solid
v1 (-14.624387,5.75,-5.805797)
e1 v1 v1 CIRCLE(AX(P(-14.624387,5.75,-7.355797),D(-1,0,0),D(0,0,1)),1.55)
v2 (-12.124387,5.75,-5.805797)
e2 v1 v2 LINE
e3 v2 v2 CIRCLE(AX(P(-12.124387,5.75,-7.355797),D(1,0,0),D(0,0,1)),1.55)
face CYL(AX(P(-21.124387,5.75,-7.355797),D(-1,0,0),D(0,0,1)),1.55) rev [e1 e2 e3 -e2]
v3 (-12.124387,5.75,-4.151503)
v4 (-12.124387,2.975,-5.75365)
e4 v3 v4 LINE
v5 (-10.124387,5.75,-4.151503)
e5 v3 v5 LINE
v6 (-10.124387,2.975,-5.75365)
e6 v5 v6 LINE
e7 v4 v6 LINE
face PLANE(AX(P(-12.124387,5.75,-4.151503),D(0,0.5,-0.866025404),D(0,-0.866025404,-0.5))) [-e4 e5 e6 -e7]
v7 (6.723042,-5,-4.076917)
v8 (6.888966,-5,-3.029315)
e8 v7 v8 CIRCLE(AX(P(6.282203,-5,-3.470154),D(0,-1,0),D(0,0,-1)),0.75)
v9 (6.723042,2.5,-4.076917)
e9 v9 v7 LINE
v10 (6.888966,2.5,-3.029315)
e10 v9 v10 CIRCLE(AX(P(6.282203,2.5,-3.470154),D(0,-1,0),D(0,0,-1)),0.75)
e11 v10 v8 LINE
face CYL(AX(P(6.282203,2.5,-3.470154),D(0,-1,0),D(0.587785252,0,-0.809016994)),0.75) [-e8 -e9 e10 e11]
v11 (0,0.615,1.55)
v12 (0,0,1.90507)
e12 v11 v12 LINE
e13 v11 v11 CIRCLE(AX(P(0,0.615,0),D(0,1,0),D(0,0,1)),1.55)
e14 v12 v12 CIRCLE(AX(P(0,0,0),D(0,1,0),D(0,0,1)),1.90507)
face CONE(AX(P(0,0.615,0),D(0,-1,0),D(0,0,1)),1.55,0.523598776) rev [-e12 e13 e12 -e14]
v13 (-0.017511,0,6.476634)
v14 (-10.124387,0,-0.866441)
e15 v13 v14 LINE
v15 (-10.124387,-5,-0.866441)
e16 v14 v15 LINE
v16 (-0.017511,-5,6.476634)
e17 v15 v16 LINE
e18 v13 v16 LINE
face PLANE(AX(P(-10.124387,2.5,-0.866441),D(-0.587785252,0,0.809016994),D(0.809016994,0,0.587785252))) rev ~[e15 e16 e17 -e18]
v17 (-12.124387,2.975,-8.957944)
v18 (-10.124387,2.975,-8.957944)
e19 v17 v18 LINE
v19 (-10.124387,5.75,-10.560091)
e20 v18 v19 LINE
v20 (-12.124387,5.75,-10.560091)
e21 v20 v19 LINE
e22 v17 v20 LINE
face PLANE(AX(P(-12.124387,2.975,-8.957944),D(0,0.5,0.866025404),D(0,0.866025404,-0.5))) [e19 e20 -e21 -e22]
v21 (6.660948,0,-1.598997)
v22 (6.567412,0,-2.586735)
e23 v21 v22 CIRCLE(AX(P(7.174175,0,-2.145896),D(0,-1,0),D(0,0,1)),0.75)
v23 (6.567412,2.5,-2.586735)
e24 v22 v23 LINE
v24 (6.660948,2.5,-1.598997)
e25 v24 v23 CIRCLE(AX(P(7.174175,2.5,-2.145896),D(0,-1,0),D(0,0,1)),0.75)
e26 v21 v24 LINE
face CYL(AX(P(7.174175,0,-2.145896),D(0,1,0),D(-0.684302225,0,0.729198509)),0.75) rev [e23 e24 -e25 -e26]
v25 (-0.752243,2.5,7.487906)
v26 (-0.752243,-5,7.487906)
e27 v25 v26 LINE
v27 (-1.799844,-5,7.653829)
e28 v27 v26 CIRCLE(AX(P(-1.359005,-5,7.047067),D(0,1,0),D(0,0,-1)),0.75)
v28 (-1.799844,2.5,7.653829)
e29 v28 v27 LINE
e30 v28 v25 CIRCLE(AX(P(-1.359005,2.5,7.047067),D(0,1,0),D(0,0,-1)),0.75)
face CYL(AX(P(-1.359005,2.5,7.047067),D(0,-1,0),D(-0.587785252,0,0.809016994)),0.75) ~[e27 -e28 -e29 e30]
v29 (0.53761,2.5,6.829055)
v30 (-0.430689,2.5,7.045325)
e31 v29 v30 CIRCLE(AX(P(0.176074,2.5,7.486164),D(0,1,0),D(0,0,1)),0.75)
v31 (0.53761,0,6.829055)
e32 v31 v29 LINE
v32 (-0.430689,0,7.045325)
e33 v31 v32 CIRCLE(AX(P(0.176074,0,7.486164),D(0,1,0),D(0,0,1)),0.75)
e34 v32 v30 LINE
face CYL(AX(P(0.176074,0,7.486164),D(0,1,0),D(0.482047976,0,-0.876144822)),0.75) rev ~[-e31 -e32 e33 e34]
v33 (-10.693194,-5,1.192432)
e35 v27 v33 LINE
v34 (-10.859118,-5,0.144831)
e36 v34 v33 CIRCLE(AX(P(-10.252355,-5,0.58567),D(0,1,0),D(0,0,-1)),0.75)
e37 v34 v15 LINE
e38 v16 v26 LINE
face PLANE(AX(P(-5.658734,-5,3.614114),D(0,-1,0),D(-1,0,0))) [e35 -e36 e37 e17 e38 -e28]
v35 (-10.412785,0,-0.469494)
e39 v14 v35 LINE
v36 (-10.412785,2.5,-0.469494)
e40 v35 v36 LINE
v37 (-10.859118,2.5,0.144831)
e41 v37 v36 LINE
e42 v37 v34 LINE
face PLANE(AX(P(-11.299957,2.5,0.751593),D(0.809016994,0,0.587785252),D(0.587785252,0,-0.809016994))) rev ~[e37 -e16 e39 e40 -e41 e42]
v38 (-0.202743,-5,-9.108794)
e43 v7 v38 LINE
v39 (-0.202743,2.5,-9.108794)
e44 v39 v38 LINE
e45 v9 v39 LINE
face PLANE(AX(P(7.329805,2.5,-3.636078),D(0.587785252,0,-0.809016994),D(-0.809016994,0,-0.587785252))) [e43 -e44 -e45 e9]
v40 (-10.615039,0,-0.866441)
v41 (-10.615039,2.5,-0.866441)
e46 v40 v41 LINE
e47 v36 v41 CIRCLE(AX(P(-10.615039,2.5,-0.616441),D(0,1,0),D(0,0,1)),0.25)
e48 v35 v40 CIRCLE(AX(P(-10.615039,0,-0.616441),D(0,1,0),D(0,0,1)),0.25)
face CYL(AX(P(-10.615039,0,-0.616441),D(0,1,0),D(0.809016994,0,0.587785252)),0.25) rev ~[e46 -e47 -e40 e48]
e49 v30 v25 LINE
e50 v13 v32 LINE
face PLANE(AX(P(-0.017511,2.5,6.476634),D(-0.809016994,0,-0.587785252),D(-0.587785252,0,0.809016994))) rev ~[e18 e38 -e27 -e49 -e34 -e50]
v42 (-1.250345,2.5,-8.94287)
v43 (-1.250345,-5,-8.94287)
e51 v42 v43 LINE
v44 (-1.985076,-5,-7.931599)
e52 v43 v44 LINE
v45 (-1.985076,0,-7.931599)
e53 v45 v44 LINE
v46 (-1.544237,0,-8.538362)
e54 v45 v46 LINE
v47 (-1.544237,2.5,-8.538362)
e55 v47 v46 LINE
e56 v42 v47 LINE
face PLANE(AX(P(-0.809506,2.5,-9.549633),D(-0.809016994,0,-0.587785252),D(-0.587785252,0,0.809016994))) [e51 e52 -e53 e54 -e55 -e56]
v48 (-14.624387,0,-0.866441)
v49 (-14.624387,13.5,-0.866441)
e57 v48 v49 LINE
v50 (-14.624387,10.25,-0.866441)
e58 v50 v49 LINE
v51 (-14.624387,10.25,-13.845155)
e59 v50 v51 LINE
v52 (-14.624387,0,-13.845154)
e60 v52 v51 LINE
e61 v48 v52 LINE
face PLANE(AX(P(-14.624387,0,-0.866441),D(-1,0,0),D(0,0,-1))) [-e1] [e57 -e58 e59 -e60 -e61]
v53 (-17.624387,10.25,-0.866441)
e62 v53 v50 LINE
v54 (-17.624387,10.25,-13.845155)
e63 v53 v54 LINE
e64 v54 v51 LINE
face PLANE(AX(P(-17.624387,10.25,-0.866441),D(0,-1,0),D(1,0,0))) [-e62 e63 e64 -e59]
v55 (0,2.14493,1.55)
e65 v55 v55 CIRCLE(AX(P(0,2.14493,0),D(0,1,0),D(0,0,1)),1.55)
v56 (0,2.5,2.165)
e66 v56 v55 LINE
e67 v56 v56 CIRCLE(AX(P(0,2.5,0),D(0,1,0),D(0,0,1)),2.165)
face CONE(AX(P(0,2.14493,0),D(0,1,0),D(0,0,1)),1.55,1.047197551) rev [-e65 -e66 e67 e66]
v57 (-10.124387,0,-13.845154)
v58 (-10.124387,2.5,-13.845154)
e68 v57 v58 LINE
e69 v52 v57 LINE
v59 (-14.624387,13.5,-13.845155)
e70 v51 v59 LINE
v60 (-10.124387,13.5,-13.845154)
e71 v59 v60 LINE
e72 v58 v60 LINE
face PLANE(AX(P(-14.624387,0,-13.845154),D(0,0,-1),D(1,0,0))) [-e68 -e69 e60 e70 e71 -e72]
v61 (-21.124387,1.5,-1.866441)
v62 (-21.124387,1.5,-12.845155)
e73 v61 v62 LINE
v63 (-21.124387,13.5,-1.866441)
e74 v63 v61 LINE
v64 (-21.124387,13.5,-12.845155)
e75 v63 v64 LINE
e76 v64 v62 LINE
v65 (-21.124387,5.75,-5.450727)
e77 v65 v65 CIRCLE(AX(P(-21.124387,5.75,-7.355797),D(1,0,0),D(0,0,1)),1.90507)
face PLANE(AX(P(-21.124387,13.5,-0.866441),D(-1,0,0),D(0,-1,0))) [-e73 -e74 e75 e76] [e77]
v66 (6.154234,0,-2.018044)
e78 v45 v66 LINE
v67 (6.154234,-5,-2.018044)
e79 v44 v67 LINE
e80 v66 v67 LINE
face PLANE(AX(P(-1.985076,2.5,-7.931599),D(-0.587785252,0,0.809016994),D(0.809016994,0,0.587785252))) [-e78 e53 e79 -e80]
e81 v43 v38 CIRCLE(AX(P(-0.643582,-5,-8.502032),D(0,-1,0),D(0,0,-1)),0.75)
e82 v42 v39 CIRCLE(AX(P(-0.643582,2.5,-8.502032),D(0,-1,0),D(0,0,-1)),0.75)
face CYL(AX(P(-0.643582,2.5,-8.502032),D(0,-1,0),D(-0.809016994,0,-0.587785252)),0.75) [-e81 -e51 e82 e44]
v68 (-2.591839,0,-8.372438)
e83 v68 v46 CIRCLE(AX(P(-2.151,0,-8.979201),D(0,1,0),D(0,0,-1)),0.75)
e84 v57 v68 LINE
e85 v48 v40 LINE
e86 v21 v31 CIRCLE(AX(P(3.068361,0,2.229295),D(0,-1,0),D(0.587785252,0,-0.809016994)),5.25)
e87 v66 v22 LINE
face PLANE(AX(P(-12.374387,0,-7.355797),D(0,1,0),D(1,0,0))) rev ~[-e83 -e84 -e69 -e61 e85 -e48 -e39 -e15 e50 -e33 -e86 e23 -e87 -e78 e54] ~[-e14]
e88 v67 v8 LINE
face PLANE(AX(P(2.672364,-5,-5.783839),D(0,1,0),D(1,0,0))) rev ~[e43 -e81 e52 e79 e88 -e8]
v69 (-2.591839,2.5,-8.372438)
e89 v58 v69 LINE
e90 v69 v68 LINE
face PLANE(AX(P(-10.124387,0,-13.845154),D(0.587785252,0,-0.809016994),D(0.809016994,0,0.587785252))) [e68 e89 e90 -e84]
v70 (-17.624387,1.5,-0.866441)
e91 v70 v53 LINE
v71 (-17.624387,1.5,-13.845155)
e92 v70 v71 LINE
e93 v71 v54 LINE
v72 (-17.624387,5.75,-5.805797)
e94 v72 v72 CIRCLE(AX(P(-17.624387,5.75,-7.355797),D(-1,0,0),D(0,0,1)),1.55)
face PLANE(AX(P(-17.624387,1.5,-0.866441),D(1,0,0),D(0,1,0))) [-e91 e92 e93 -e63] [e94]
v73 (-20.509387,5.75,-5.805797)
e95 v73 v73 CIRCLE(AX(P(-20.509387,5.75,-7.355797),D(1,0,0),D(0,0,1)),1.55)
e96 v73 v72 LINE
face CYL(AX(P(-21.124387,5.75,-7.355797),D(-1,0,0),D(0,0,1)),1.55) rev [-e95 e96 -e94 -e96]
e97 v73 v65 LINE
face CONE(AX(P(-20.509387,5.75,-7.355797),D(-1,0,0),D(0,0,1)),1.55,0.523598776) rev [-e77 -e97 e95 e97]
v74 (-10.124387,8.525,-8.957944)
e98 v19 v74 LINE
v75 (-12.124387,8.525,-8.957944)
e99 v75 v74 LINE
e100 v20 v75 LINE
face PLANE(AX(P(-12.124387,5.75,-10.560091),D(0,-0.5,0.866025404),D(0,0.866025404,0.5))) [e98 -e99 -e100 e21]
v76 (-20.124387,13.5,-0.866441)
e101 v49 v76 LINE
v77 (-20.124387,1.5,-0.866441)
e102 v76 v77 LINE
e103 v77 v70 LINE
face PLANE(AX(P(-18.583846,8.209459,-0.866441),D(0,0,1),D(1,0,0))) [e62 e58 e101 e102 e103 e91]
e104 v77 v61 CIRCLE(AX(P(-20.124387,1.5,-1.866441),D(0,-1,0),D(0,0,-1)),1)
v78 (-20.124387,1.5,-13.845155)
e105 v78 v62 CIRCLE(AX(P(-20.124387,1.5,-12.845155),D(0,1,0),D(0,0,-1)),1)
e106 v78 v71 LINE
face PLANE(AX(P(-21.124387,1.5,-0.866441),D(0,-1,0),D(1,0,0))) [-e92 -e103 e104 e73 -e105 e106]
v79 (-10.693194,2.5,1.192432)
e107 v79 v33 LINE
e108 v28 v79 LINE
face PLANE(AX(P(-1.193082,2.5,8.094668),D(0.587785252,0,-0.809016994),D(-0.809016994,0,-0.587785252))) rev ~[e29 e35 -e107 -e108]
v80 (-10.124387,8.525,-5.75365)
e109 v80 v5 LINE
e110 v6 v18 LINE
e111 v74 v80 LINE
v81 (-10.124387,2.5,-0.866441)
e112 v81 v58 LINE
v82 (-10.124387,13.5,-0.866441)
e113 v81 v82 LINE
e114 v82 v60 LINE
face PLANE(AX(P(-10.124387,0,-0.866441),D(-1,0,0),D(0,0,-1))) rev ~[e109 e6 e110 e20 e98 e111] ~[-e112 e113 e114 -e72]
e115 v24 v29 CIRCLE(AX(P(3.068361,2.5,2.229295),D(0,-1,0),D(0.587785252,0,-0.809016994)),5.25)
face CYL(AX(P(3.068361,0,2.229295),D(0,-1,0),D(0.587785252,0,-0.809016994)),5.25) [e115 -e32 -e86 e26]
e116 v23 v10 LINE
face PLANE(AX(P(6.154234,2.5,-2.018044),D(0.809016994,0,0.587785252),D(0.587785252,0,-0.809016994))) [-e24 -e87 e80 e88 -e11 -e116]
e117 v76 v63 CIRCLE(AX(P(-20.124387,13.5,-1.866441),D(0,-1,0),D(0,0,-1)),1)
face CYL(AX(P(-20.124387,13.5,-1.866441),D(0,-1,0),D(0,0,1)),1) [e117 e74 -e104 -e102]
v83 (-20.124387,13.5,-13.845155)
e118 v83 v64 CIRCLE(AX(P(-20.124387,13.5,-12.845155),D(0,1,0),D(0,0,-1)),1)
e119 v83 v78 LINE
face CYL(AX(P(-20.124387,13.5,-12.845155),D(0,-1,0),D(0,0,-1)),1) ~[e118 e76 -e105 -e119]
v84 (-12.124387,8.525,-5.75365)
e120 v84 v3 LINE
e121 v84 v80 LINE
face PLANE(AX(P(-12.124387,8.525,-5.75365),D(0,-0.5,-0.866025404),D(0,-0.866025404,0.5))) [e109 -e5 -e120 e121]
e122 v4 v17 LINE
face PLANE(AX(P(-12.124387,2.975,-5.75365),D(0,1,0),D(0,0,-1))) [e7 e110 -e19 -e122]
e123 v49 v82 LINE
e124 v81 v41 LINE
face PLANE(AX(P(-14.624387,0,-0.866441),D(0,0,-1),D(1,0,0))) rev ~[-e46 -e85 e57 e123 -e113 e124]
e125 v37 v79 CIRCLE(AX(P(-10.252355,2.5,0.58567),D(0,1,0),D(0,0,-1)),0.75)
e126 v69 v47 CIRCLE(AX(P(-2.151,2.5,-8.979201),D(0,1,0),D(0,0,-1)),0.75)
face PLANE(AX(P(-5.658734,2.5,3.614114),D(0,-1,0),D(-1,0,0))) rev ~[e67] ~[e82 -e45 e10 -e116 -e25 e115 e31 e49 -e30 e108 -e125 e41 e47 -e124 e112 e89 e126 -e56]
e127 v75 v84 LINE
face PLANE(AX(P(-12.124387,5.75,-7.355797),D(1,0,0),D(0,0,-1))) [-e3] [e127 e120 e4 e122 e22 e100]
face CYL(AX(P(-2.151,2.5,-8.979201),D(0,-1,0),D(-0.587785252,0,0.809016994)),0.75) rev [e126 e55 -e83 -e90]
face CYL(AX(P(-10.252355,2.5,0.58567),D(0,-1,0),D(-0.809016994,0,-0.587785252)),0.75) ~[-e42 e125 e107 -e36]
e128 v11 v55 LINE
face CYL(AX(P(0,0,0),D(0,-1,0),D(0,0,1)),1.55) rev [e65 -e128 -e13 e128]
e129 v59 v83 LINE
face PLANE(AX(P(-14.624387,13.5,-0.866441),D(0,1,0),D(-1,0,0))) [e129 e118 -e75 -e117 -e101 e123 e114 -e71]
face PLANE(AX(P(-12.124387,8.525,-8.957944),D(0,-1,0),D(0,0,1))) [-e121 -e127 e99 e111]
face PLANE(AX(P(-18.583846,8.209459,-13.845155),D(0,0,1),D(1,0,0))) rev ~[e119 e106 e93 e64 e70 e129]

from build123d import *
from OCP.BRepFilletAPI import BRepFilletAPI_MakeChamfer

# Parameters (mm, degrees)
SKETCH_1_R             = 1.55
EXTRUDE_512_DEPTH      = 2.5
EXTRUDE_START          = 2.5
EXTRUDE_979_DEPTH      = 7.5
SKETCH_3_W             = 4.5
SKETCH_3_H             = 12.978713764
EXTRUDE_1_DEPTH        = 13.5
EXTRUDE_START_2        = -0.866441
EXTRUDE_2_DEPTH        = 12.978713764
SKETCH_5_R             = 1.55
CUT_EXTRUDE_1800_DEPTH = 36.225185951
CUT_EXTRUDE_START      = 9
SKETCH_5_3_R           = 1.55
CUT_EXTRUDE_1842_DEPTH = 2
CHAMFER_1_SIZE         = 0.615
CHAMFER_1_SIZE2        = 0.355070416
FILLET_5_R             = 0.75
FILLET_6_R             = 0.25
FILLET_8_R             = 1


with BuildPart() as part:
    # 草图1 → Extrude 512 (new body)
    with BuildSketch(Plane(origin=(0, 0, 0), x_dir=(1, 0, 0), z_dir=(0, 1, 0))):
        with BuildLine():
            Line((-10.1243866, 13.845154317), (6.15423406, 2.01804411))
            ThreePointArc((6.15423406, 2.01804411), (7.315700706, -5.315167685), (-0.017511089, -6.476634331))
            Line((-0.017511089, -6.476634331), (-10.1243866, 0.866440553))
            Line((-10.1243866, 0.866440553), (-10.1243866, 13.845154317))
        make_face()
        with Locations(Location((0, 0, 0), (0, 0, 270))):
            Circle(SKETCH_1_R, mode=Mode.SUBTRACT)
    extrude(amount=EXTRUDE_512_DEPTH)

    # 草图2 → Extrude 979 (add)
    with BuildSketch(Plane(origin=(0, 0, 0), x_dir=(1, 0, 0), z_dir=(0, 1, 0)).offset(EXTRUDE_START)):
        Polygon((-10.1243866, 0.866440553), (-0.017511089, -6.476634331), (-1.193081594, -8.09466832), (-11.299957105, -0.751593436), align=None)
        Polygon((7.329804565, 3.636078099), (-0.809505765, 9.549633202), (-1.98507627, 7.931599213), (6.15423406, 2.01804411), align=None)
    extrude(amount=-EXTRUDE_979_DEPTH)

    # 草图3 → 限位-1 (add)
    with BuildSketch(Plane(origin=(0, 0, 0), x_dir=(1, 0, 0), z_dir=(0, 1, 0))):
        with Locations((-12.3743866, 7.355797435)):
            Rectangle(SKETCH_3_W, SKETCH_3_H)
    extrude(amount=EXTRUDE_1_DEPTH)

    # 草图4 → 限位-2 (add)
    with BuildSketch(Plane.XY.offset(EXTRUDE_START_2)):
        Polygon((-14.6243866, 10.25), (-14.6243866, 13.5), (-21.1243866, 13.5), (-21.1243866, 1.5), (-17.6243866, 1.5), (-17.6243866, 10.25), align=None)
    extrude(amount=-EXTRUDE_2_DEPTH)

    # 草图5 → Cut-Extrude 1800 (cut, through all)
    with BuildSketch(Plane(origin=(-21.1243866, 0, 0), x_dir=(0, 0, -1), z_dir=(1, 0, 0))):
        with Locations(Location((7.355797435, 5.75, 0), (0, 0, 180))):
            Circle(SKETCH_5_R)
    extrude(amount=CUT_EXTRUDE_1800_DEPTH, mode=Mode.SUBTRACT)

    # 草图5<3> → Cut-Extrude 1842 (cut)
    with BuildSketch(Plane(origin=(-21.1243866, 0, 0), x_dir=(0, 0, -1), z_dir=(1, 0, 0)).offset(CUT_EXTRUDE_START)):
        Polygon((5.753650438, 2.975), (8.957944432, 2.975), (10.560091429, 5.75), (8.957944432, 8.525), (5.753650438, 8.525), (4.151503441, 5.75), align=None)
        with Locations(Location((7.355797435, 5.75, 0), (0, 0, 180))):
            Circle(SKETCH_5_3_R, mode=Mode.SUBTRACT)
    extrude(amount=CUT_EXTRUDE_1842_DEPTH, mode=Mode.SUBTRACT)

    # 倒角1: one chamfer whose edges measure the first distance from different faces: ONE call of the kernel's chamfer builder (chamfer() names one face for all edges)
    chamfer_1_edges_1 = [part.edges().sort_by_distance(p)[0] for p in [
        (0, 0, -1.55),
    ]]
    chamfer_1_side_1 = [part.faces().sort_by_distance(p)[0] for p in [
        (0, 1.25, -1.55),
    ]]
    chamfer_1_edges_2 = [part.edges().sort_by_distance(p)[0] for p in [
        (0, 2.5, -1.55),
    ]]
    chamfer_1_side_2 = [part.faces().sort_by_distance(p)[0] for p in [
        (-1.825655455, 2.5, -1.521026415),
    ]]
    chamfer_1_edges_3 = [part.edges().sort_by_distance(p)[0] for p in [
        (-21.1243866, 5.75, -8.905797435),
    ]]
    chamfer_1_side_3 = [part.faces().sort_by_distance(p)[0] for p in [
        (-19.3743866, 5.75, -8.905797435),
    ]]
    chamfer_1 = BRepFilletAPI_MakeChamfer(part.part.solid().wrapped)
    for e in chamfer_1_edges_1:
        chamfer_1.Add(CHAMFER_1_SIZE, CHAMFER_1_SIZE2, e.wrapped, chamfer_1_side_1[0].wrapped)  # the first distance lies on this face
    for e in chamfer_1_edges_2:
        chamfer_1.Add(CHAMFER_1_SIZE, CHAMFER_1_SIZE2, e.wrapped, chamfer_1_side_2[0].wrapped)  # the first distance lies on this face
    for e in chamfer_1_edges_3:
        chamfer_1.Add(CHAMFER_1_SIZE, CHAMFER_1_SIZE2, e.wrapped, chamfer_1_side_3[0].wrapped)  # the first distance lies on this face
    add(Compound.cast(chamfer_1.Shape()), mode=Mode.REPLACE)

    # 圆角5
    fillet_5_edges = [part.edges().sort_by_distance(p)[0] for p in [
        (-1.193081594, -1.25, 8.09466832),
        (-11.299957105, -1.25, 0.751593436),
        (-1.98507627, 1.25, -7.931599213),
        (-0.809505765, -1.25, -9.549633202),
        (7.329804565, -1.25, -3.636078099),
        (-0.017511089, 1.25, 6.476634331),
        (6.15423406, 1.25, -2.01804411),
    ]]
    fillet(fillet_5_edges, radius=FILLET_5_R)

    # 圆角6
    fillet_6_edges = [part.edges().sort_by_distance(p)[0] for p in [
        (-10.1243866, 1.25, -0.866440553),
    ]]
    fillet(fillet_6_edges, radius=FILLET_6_R)

    # 圆角8
    fillet_8_edges = [part.edges().sort_by_distance(p)[0] for p in [
        (-21.1243866, 7.5, -13.845154764),
        (-21.1243866, 7.5, -0.866441),
    ]]
    fillet(fillet_8_edges, radius=FILLET_8_R)


solid = part.part
